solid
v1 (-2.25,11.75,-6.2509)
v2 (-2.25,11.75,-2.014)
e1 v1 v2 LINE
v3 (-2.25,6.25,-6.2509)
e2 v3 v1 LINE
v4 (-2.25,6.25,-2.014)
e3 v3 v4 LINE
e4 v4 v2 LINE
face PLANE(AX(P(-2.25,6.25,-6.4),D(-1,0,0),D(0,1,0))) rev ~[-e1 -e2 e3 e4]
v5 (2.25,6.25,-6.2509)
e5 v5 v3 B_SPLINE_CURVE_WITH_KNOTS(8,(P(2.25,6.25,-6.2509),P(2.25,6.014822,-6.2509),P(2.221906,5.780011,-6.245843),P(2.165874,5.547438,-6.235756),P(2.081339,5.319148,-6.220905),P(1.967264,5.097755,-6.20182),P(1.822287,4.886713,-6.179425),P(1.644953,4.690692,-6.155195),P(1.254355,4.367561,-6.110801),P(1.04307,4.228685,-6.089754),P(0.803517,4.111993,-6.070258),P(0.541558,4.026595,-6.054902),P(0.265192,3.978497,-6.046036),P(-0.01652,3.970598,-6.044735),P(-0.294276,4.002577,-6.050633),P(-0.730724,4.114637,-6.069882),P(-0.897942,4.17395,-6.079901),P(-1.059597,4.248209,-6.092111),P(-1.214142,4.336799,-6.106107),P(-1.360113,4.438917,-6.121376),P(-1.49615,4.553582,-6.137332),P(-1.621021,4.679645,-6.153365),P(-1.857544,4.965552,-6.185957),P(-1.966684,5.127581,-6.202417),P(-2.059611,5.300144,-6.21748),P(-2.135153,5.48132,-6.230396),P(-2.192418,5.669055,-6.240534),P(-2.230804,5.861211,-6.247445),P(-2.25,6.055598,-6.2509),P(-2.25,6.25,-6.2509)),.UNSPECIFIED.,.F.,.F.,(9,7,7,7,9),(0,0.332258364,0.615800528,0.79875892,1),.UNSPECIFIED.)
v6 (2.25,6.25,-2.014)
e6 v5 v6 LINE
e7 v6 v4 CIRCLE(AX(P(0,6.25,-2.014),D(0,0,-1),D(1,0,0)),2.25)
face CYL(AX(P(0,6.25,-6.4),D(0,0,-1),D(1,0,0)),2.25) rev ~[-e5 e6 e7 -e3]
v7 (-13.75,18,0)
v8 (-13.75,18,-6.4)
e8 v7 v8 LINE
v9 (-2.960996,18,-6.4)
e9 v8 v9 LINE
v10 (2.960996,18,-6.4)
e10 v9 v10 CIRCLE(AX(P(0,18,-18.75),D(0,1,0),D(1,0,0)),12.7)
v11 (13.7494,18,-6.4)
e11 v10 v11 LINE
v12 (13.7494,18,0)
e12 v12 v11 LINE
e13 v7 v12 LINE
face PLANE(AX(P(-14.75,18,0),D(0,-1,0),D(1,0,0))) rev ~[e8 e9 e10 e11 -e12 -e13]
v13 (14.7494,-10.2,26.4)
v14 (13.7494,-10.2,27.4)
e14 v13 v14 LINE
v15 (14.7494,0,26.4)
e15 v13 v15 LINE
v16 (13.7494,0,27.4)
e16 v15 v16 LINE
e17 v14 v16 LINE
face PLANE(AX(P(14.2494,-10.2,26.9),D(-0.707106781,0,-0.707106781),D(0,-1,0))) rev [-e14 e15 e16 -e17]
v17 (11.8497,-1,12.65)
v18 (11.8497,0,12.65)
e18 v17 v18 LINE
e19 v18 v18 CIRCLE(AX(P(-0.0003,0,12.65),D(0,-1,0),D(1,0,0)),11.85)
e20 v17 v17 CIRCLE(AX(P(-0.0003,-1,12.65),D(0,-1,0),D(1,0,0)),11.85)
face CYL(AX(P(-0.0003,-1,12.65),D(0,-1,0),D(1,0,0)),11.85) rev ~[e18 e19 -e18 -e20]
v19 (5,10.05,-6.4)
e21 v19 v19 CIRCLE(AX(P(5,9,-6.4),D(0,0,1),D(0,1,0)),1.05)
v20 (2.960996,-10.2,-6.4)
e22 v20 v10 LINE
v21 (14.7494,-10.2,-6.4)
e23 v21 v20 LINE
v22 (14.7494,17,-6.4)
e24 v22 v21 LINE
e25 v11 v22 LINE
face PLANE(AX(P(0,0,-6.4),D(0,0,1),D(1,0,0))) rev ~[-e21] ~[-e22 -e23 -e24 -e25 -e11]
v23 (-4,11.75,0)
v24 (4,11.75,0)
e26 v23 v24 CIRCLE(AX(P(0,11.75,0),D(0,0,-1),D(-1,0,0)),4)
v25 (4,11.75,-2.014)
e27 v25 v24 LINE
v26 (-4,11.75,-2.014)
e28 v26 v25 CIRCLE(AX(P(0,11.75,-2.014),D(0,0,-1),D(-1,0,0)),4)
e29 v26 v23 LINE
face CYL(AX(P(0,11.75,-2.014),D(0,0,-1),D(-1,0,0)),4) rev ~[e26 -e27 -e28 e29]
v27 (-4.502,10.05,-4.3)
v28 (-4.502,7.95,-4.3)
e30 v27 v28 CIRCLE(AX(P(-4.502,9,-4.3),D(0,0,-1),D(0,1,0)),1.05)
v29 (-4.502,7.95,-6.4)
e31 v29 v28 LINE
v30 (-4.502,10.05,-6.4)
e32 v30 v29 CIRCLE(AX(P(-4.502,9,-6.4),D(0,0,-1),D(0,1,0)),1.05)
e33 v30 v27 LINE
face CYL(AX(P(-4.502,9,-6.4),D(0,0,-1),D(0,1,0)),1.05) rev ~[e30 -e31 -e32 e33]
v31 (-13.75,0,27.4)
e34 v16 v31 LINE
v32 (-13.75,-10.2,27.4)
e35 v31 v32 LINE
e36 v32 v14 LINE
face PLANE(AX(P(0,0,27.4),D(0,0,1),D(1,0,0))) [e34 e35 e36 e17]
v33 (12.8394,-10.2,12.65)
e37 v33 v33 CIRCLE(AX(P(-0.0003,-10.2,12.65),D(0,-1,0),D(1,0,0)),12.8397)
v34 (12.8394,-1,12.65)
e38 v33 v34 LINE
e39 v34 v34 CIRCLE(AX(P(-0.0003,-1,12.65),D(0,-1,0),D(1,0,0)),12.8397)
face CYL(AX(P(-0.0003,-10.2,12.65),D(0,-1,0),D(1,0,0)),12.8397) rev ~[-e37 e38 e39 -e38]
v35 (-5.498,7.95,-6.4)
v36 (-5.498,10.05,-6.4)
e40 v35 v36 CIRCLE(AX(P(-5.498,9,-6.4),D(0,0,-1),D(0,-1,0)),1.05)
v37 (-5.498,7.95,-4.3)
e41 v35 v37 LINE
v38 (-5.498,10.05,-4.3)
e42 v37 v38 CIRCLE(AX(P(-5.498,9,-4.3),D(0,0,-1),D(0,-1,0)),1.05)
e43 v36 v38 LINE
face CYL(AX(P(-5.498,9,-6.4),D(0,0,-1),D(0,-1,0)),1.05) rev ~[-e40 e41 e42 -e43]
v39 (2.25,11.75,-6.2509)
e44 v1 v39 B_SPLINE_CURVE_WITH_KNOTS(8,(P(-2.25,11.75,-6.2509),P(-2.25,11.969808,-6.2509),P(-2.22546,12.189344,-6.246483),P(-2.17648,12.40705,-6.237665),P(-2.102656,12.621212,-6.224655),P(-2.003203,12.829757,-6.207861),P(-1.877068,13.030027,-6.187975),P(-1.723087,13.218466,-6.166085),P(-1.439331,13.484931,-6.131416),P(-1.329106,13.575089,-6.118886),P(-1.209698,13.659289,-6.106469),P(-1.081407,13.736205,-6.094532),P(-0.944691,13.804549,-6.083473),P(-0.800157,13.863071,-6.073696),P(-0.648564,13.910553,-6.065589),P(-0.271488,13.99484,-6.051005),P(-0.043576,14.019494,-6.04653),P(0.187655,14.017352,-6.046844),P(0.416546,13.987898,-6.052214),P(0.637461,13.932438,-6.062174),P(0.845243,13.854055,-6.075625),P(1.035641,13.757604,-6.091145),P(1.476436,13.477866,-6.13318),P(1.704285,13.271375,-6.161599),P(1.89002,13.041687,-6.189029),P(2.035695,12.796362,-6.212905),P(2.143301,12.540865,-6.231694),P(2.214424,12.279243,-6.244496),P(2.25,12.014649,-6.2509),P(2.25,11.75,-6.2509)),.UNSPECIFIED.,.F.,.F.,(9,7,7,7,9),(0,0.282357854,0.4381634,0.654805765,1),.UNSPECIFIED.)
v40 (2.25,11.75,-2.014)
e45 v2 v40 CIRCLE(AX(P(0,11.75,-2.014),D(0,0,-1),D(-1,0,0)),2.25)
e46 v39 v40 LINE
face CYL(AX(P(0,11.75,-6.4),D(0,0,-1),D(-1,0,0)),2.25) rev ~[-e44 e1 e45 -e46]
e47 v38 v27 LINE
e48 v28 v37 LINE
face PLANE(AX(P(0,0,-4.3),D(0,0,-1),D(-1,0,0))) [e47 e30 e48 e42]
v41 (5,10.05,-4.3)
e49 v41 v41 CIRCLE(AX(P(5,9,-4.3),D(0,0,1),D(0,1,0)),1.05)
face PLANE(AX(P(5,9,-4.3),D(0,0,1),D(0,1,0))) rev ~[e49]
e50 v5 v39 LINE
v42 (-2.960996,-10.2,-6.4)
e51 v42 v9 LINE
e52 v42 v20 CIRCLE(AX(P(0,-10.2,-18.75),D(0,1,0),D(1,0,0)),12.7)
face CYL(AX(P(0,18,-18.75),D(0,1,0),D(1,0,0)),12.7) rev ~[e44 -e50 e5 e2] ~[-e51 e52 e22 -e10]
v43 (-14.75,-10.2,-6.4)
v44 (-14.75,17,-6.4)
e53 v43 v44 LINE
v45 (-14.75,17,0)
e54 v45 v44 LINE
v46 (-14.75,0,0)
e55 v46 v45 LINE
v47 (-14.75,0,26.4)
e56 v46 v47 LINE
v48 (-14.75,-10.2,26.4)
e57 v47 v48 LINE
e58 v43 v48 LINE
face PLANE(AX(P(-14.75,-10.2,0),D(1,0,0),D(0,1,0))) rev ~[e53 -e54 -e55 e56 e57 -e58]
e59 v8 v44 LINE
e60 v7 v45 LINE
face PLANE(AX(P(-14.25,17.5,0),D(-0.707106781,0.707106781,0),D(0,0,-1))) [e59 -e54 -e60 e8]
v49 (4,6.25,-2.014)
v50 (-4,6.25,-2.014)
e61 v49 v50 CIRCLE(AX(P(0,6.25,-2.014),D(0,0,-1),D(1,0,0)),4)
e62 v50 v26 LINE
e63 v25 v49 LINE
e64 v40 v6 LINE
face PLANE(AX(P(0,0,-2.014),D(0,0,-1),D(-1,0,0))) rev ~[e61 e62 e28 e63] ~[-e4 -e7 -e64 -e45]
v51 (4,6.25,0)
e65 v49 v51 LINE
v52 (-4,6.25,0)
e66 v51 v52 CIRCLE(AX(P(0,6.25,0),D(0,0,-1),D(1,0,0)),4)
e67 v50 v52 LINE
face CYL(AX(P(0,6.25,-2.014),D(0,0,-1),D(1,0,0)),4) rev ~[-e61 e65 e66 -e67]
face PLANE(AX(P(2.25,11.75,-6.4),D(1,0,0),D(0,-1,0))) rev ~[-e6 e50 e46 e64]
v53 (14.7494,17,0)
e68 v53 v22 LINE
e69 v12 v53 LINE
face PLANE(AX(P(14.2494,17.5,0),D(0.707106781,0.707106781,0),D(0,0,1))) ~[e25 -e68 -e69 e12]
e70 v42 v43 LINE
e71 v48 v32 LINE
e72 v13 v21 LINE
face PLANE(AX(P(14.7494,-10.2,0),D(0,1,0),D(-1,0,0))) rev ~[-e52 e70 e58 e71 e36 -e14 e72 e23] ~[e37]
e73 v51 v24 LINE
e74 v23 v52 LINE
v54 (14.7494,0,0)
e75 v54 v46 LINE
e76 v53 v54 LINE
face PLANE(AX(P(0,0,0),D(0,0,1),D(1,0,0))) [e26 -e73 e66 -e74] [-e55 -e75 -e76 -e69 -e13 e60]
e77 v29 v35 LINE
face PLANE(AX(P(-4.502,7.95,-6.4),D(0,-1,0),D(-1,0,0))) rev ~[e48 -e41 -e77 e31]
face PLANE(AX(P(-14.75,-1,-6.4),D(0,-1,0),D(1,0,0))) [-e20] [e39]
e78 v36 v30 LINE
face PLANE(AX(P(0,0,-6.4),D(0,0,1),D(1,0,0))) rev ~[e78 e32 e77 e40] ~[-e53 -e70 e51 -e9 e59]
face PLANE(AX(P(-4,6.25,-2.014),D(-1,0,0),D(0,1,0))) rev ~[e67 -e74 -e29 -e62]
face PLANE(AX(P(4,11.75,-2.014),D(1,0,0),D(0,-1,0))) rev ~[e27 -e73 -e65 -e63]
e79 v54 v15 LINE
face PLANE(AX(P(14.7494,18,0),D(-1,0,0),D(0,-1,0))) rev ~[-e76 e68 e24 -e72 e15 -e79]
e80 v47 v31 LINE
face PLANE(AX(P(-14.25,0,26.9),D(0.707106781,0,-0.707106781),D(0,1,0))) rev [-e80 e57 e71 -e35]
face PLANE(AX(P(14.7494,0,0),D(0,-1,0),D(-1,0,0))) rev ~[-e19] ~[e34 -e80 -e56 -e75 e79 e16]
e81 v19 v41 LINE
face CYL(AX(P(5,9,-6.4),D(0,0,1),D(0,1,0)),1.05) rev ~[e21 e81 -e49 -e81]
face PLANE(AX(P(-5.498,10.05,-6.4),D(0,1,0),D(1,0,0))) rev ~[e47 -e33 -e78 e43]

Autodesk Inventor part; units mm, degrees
ref_plane "YZ Plane" through (0, 0, 0) normal (1, 0, 0) x (0, 1, 0)
ref_plane "XZ Plane" through (0, 0, 0) normal (0, 1, 0) x (-1, 0, 0)
ref_plane "XY Plane" through (0, 0, 0) normal (0, 0, 1) x (1, 0, 0)
sketch "Sketch4" plane through (0, 0, 0) normal (0, 0, 1) x (1, 0, 0)
  line L0 (-14.75, 18) -> (14.7494, 18)
  line L1 (14.7494, 18) -> (14.7494, -10.2)
  line L2 (14.7494, -10.2) -> (-14.75, -10.2)
  line L3 (-14.75, -10.2) -> (-14.75, 18)
  point P0 (0, 0)
  dimension "d24" = 28.2
  dimension "WIDTH" = 29.4994
  dimension "d26" = 14.75
  dimension "d28" = 10.2
extrude "Extrusion3" add sketch "Sketch4" against normal blind 6.4
sketch "Sketch5" plane through (0, 0, 0) normal (0, 0, 1) x (1, 0, 0)
  line L0 (-14.75, -10.2) -> (14.7494, -10.2)
  line L1 (14.7494, -10.2) -> (14.7494, 0)
  line L2 (14.7494, 0) -> (-14.75, 0)
  line L3 (-14.75, 0) -> (-14.75, -10.2)
  line L4 (-14.75, 18) -> (-14.75, -10.2) projected
  line L5 (-14.75, -10.2) -> (14.7494, -10.2) projected
  line L6 (14.7494, -10.2) -> (14.7494, 18) projected
  point P0 (0, 0)
  dimension "d31" = 0
  dimension "d32" = 0
  dimension "d33" = 0
  dimension "d34" = 0
extrude "Extrusion4" add sketch "Sketch5" along normal blind 27.4
sketch "Sketch7" plane through (-14.75, -10.2, -6.4) normal (0, -1, 0) x (1, 0, 0)
  circle A0 centre (14.7497, 19.05) radius 12.8397
  line L0 (29.4994, 33.8) -> (29.4994, 0) projected
  line L1 (0, 33.8) -> (29.4994, 33.8) projected
  line L2 (29.4994, 0) -> (0, 0) projected
  dimension "PILOT_HOLE" = 25.6794
  dimension "d201" = 19.05
  dimension "d202" = 14.7497
sketch "Sketch9" plane through (0, 0, -6.4) normal (0, 0, -1) x (-1, 0, 0)
  line L0 (14.75, 18) -> (-14.7494, 18) projected
  line L1 (14.75, 0) -> (-14.7494, 0) projected
  line L2 (0, 6.25) -> (0, 11.75) construction
  line L3 (2.25, 6.25) -> (2.25, 11.75)
  line L4 (-2.25, 11.75) -> (-2.25, 6.25)
  arc A0 (-2.25, 6.25) -> (2.25, 6.25) centre (0, 6.25) ccw
  arc A1 (2.25, 11.75) -> (-2.25, 11.75) centre (0, 11.75) ccw
  line L5 (5.498, 9) -> (4.502, 9) construction
  line L6 (5.498, 10.05) -> (4.502, 10.05)
  line L7 (4.502, 7.95) -> (5.498, 7.95)
  arc A2 (5.498, 7.95) -> (5.498, 10.05) centre (5.498, 9) ccw
  arc A3 (4.502, 10.05) -> (4.502, 7.95) centre (4.502, 9) ccw
  point P0 (0, 0)
  point P1 (-5, 9)
  point P2 (0, 9)
  point P3 (5, 9)
  dimension "d183" = 18
  dimension "d185" = 2.25
  dimension "d186" = 5.5
  dimension "d187" = 0
  dimension "d188" = 9
  dimension "d189" = 1.05
  dimension "d190" = 0.996
  dimension "d191" = 0
  dimension "d192" = 5
extrude "Extrusion6" cut sketch "Sketch9" against normal blind 2.1 contours A2 L7 A3 L6
hole "Hole3" at (5, 9, -6.4) direction (0, 0, 1) diameter 2.1 depth 2.1
extrude "Extrusion7" cut sketch "Sketch7" against normal blind 9.2
sketch "Sketch10" plane through (-0.0003, -1, 12.65) normal (0, -1, 0) x (1, 0, 0)
  circle A0 centre (0, 0) radius 11.85
  circle A1 centre (0, 0) radius 12.8397 projected
  point P0 (0.0003, -12.65)
  point P1 (14.75, 3.9316)
  point P2 (-3.9316, -14.75)
  point P3 (5.6018, -14.2)
  point P4 (-7.6497, 13.2099)
  point P5 (-13.2099, 7.6497)
  point P6 (3.9316, -14.75)
  dimension "d96" = 0
  dimension "d97" = 0
  dimension "d98" = 23.7
extrude "Extrusion8" cut sketch "Sketch10" against normal through all contours A0
extrude "Extrusion9" cut sketch "Sketch9" against normal blind 4.386 contours A0 L4 A1 L3
sketch "Sketch11" plane through (0, 0, -2.014) normal (0, 0, -1) x (-1, 0, 0)
  arc A0 (4, 11.75) -> (-4, 11.75) centre (0, 11.75) ccw
  arc A1 (-4, 6.25) -> (4, 6.25) centre (0, 6.25) ccw
  line L0 (-4, 11.75) -> (-4, 6.25)
  line L1 (4, 6.25) -> (4, 11.75)
  point P0 (0, 0)
  point P1 (0, 9)
  dimension "d136" = 8
  dimension "d137" = 8
  dimension "d138" = 0
  dimension "d139" = 5.5
  dimension "d140" = 0
  dimension "d141" = 2.75
  dimension "d142" = 9
extrude "Extrusion10" cut sketch "Sketch11" against normal through all
chamfer "Chamfer10" distance 1 angle 45 4 edges at (14.7494, -5.1, 27.4) (-14.75, -5.1, 27.4) (14.7494, 18, -3.2) (-14.75, 18, -3.2)
sketch "Sketch13" plane through (-13.75, 18, 0) normal (0, 1, 0) x (1, 0, 0)
  circle A0 centre (13.75, 18.75) radius 12.7
  point P0 (13.75, 0)
  dimension "d196" = 0
  dimension "d197" = 25.4
  dimension "d198" = 18.75
extrude "Extrusion11" cut sketch "Sketch13" against normal up to surface (28.2 mm away)
equation "\"d142\" = d131"
equation "\"TOLERANCE\" = 0.05"
equation "\"BEAM_HEIGHT\" = 19.05"
equation "\"d131\" = 9"
properties part number "ADAPTER_SM1"
